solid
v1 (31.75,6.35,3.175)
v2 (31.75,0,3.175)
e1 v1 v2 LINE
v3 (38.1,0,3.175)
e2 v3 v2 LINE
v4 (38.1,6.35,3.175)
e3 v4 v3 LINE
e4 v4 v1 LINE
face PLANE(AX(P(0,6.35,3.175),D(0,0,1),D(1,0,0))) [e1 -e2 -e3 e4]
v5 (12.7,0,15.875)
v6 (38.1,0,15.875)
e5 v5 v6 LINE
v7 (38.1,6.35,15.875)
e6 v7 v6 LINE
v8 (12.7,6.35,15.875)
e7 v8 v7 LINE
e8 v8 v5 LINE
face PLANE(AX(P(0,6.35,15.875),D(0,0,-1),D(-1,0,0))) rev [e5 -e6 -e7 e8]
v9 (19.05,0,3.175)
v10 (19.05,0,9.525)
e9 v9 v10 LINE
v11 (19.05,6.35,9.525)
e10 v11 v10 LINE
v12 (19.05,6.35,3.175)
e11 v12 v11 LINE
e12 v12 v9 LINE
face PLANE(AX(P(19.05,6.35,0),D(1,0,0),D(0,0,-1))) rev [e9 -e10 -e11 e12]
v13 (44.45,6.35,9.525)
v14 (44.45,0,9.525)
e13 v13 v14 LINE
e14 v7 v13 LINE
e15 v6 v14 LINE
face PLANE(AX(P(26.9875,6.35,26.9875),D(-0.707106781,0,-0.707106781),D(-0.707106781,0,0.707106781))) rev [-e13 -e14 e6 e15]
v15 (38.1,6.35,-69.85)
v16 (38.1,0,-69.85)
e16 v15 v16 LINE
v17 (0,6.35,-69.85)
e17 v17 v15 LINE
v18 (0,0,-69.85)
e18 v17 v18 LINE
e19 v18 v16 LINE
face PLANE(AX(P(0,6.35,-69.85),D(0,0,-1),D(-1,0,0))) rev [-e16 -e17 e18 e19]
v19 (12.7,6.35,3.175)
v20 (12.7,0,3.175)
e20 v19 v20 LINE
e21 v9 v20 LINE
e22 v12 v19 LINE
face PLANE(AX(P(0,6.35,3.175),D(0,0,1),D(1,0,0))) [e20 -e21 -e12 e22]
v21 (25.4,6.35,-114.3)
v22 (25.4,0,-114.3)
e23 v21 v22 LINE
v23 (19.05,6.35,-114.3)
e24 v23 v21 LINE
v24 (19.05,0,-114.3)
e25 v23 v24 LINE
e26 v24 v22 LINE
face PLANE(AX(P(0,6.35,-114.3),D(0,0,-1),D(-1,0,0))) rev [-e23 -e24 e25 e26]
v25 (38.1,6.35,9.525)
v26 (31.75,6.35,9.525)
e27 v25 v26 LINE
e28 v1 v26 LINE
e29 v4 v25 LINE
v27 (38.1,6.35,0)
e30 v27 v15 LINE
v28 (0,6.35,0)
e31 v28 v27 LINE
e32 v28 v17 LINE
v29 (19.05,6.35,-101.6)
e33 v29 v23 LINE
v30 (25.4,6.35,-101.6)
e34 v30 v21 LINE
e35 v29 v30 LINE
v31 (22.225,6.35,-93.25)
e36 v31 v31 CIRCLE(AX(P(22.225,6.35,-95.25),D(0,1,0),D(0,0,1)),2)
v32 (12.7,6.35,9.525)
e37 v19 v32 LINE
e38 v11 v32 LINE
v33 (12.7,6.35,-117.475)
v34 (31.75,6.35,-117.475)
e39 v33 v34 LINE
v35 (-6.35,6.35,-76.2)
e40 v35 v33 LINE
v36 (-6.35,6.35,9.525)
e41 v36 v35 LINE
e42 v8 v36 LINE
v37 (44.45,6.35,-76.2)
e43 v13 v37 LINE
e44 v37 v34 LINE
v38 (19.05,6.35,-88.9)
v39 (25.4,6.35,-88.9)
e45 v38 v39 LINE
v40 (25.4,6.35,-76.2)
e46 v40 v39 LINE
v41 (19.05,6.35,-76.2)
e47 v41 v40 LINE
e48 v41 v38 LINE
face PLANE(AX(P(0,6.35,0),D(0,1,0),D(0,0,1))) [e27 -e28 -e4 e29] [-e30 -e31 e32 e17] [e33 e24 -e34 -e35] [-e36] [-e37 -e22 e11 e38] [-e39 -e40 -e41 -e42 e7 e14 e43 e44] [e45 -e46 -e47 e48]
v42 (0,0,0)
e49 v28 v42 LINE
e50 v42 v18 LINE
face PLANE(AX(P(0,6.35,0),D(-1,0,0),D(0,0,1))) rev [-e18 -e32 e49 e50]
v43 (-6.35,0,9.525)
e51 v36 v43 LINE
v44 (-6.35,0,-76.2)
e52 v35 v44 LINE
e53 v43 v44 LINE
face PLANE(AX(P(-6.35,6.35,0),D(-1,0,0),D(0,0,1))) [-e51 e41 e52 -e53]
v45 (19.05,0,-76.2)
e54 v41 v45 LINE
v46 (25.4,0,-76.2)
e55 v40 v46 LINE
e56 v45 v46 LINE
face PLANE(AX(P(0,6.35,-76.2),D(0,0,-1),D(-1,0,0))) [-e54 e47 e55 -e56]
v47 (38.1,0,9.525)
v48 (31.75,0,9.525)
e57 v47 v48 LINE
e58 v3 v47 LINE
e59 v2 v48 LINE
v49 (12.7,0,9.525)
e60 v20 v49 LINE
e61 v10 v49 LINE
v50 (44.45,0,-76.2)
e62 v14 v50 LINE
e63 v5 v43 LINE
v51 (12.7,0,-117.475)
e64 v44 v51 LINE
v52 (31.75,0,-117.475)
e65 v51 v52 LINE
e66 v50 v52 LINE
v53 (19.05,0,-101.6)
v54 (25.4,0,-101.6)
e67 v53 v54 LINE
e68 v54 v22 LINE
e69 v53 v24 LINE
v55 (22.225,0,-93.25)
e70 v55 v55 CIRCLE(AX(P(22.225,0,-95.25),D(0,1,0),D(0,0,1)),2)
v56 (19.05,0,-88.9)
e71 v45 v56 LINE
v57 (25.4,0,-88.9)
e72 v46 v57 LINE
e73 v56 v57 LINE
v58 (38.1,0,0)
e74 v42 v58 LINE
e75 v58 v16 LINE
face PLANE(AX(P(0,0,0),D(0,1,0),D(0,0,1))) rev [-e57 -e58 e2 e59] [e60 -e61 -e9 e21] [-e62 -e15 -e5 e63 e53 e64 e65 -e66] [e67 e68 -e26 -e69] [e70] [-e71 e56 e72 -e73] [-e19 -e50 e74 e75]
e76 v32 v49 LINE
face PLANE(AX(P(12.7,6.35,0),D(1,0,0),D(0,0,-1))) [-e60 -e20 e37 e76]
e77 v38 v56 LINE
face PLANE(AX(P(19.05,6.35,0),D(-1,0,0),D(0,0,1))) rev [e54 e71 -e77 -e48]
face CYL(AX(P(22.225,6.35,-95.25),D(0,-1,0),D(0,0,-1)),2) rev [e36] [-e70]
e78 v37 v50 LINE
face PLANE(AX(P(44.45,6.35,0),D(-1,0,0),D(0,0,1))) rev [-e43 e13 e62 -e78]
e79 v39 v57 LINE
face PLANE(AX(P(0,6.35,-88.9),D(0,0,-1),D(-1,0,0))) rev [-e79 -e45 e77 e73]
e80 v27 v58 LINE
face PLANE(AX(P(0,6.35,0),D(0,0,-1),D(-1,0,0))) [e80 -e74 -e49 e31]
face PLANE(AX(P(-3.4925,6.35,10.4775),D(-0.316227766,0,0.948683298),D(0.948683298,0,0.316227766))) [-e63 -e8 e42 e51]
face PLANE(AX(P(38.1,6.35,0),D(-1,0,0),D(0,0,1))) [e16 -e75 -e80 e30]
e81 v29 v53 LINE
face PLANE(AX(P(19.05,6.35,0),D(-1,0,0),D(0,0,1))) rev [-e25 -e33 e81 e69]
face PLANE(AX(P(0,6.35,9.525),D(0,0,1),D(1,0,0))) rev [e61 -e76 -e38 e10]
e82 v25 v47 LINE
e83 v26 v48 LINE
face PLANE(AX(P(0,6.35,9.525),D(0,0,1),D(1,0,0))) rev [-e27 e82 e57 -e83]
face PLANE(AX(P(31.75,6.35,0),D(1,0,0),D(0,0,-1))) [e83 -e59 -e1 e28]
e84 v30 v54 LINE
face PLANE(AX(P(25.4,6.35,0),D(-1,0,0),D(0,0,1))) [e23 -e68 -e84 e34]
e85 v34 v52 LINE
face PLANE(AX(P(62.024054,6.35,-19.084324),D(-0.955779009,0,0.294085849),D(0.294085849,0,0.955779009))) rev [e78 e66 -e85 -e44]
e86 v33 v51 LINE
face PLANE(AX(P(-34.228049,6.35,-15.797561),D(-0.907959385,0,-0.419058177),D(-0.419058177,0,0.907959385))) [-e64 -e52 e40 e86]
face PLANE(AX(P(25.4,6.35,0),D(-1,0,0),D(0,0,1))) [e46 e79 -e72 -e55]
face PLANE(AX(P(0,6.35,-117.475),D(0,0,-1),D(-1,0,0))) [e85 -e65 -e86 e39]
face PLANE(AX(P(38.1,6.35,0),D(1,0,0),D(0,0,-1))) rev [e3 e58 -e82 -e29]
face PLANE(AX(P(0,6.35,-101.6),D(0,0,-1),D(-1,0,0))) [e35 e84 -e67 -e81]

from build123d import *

# Parameters (mm, degrees)
SKETCH1_R           = 2
SKETCH1_W           = 6.35
SKETCH1_H           = 12.7
SKETCH1_H_2         = 6.35
SKETCH1_W_2         = 38.1
SKETCH1_H_3         = 69.85
BOSS_EXTRUDE1_DEPTH = 6.35


with BuildPart() as part:
    # Sketch1 → Boss-Extrude1 (new body)
    with BuildSketch(Plane(origin=(0, 0, 0), x_dir=(1, 0, 0), z_dir=(0, 1, 0))):
        Polygon((12.7, 117.475), (0, 89.958333333), (0, 76.2), (19.05, 76.2), (19.05, 88.9), (25.4, 88.9), (25.4, 76.2), (38.1, 76.2), (38.1, 96.8375), (31.75, 117.475), align=None)
        with Locations((22.225, 95.25)):
            Circle(SKETCH1_R, mode=Mode.SUBTRACT)
        with Locations((22.225, 107.95)):
            Rectangle(SKETCH1_W, SKETCH1_H, mode=Mode.SUBTRACT)
        Polygon((0, 76.2), (-6.35, 76.2), (-6.35, -9.525), (12.7, -15.875), (38.1, -15.875), (44.45, -9.525), (44.45, 76.2), (38.1, 76.2), (25.4, 76.2), (19.05, 76.2), align=None)
        with Locations((15.875, -6.35)):
            Rectangle(SKETCH1_W, SKETCH1_H_2, mode=Mode.SUBTRACT)
        with Locations((34.925, -6.35)):
            Rectangle(SKETCH1_W, SKETCH1_H_2, mode=Mode.SUBTRACT)
        with Locations((19.05, 34.925)):
            Rectangle(SKETCH1_W_2, SKETCH1_H_3, mode=Mode.SUBTRACT)
        Polygon((0, 89.958333333), (-6.35, 76.2), (0, 76.2), align=None)
        Polygon((44.45, 76.2), (38.1, 96.8375), (38.1, 76.2), align=None)
    extrude(amount=BOSS_EXTRUDE1_DEPTH)


solid = part.part
